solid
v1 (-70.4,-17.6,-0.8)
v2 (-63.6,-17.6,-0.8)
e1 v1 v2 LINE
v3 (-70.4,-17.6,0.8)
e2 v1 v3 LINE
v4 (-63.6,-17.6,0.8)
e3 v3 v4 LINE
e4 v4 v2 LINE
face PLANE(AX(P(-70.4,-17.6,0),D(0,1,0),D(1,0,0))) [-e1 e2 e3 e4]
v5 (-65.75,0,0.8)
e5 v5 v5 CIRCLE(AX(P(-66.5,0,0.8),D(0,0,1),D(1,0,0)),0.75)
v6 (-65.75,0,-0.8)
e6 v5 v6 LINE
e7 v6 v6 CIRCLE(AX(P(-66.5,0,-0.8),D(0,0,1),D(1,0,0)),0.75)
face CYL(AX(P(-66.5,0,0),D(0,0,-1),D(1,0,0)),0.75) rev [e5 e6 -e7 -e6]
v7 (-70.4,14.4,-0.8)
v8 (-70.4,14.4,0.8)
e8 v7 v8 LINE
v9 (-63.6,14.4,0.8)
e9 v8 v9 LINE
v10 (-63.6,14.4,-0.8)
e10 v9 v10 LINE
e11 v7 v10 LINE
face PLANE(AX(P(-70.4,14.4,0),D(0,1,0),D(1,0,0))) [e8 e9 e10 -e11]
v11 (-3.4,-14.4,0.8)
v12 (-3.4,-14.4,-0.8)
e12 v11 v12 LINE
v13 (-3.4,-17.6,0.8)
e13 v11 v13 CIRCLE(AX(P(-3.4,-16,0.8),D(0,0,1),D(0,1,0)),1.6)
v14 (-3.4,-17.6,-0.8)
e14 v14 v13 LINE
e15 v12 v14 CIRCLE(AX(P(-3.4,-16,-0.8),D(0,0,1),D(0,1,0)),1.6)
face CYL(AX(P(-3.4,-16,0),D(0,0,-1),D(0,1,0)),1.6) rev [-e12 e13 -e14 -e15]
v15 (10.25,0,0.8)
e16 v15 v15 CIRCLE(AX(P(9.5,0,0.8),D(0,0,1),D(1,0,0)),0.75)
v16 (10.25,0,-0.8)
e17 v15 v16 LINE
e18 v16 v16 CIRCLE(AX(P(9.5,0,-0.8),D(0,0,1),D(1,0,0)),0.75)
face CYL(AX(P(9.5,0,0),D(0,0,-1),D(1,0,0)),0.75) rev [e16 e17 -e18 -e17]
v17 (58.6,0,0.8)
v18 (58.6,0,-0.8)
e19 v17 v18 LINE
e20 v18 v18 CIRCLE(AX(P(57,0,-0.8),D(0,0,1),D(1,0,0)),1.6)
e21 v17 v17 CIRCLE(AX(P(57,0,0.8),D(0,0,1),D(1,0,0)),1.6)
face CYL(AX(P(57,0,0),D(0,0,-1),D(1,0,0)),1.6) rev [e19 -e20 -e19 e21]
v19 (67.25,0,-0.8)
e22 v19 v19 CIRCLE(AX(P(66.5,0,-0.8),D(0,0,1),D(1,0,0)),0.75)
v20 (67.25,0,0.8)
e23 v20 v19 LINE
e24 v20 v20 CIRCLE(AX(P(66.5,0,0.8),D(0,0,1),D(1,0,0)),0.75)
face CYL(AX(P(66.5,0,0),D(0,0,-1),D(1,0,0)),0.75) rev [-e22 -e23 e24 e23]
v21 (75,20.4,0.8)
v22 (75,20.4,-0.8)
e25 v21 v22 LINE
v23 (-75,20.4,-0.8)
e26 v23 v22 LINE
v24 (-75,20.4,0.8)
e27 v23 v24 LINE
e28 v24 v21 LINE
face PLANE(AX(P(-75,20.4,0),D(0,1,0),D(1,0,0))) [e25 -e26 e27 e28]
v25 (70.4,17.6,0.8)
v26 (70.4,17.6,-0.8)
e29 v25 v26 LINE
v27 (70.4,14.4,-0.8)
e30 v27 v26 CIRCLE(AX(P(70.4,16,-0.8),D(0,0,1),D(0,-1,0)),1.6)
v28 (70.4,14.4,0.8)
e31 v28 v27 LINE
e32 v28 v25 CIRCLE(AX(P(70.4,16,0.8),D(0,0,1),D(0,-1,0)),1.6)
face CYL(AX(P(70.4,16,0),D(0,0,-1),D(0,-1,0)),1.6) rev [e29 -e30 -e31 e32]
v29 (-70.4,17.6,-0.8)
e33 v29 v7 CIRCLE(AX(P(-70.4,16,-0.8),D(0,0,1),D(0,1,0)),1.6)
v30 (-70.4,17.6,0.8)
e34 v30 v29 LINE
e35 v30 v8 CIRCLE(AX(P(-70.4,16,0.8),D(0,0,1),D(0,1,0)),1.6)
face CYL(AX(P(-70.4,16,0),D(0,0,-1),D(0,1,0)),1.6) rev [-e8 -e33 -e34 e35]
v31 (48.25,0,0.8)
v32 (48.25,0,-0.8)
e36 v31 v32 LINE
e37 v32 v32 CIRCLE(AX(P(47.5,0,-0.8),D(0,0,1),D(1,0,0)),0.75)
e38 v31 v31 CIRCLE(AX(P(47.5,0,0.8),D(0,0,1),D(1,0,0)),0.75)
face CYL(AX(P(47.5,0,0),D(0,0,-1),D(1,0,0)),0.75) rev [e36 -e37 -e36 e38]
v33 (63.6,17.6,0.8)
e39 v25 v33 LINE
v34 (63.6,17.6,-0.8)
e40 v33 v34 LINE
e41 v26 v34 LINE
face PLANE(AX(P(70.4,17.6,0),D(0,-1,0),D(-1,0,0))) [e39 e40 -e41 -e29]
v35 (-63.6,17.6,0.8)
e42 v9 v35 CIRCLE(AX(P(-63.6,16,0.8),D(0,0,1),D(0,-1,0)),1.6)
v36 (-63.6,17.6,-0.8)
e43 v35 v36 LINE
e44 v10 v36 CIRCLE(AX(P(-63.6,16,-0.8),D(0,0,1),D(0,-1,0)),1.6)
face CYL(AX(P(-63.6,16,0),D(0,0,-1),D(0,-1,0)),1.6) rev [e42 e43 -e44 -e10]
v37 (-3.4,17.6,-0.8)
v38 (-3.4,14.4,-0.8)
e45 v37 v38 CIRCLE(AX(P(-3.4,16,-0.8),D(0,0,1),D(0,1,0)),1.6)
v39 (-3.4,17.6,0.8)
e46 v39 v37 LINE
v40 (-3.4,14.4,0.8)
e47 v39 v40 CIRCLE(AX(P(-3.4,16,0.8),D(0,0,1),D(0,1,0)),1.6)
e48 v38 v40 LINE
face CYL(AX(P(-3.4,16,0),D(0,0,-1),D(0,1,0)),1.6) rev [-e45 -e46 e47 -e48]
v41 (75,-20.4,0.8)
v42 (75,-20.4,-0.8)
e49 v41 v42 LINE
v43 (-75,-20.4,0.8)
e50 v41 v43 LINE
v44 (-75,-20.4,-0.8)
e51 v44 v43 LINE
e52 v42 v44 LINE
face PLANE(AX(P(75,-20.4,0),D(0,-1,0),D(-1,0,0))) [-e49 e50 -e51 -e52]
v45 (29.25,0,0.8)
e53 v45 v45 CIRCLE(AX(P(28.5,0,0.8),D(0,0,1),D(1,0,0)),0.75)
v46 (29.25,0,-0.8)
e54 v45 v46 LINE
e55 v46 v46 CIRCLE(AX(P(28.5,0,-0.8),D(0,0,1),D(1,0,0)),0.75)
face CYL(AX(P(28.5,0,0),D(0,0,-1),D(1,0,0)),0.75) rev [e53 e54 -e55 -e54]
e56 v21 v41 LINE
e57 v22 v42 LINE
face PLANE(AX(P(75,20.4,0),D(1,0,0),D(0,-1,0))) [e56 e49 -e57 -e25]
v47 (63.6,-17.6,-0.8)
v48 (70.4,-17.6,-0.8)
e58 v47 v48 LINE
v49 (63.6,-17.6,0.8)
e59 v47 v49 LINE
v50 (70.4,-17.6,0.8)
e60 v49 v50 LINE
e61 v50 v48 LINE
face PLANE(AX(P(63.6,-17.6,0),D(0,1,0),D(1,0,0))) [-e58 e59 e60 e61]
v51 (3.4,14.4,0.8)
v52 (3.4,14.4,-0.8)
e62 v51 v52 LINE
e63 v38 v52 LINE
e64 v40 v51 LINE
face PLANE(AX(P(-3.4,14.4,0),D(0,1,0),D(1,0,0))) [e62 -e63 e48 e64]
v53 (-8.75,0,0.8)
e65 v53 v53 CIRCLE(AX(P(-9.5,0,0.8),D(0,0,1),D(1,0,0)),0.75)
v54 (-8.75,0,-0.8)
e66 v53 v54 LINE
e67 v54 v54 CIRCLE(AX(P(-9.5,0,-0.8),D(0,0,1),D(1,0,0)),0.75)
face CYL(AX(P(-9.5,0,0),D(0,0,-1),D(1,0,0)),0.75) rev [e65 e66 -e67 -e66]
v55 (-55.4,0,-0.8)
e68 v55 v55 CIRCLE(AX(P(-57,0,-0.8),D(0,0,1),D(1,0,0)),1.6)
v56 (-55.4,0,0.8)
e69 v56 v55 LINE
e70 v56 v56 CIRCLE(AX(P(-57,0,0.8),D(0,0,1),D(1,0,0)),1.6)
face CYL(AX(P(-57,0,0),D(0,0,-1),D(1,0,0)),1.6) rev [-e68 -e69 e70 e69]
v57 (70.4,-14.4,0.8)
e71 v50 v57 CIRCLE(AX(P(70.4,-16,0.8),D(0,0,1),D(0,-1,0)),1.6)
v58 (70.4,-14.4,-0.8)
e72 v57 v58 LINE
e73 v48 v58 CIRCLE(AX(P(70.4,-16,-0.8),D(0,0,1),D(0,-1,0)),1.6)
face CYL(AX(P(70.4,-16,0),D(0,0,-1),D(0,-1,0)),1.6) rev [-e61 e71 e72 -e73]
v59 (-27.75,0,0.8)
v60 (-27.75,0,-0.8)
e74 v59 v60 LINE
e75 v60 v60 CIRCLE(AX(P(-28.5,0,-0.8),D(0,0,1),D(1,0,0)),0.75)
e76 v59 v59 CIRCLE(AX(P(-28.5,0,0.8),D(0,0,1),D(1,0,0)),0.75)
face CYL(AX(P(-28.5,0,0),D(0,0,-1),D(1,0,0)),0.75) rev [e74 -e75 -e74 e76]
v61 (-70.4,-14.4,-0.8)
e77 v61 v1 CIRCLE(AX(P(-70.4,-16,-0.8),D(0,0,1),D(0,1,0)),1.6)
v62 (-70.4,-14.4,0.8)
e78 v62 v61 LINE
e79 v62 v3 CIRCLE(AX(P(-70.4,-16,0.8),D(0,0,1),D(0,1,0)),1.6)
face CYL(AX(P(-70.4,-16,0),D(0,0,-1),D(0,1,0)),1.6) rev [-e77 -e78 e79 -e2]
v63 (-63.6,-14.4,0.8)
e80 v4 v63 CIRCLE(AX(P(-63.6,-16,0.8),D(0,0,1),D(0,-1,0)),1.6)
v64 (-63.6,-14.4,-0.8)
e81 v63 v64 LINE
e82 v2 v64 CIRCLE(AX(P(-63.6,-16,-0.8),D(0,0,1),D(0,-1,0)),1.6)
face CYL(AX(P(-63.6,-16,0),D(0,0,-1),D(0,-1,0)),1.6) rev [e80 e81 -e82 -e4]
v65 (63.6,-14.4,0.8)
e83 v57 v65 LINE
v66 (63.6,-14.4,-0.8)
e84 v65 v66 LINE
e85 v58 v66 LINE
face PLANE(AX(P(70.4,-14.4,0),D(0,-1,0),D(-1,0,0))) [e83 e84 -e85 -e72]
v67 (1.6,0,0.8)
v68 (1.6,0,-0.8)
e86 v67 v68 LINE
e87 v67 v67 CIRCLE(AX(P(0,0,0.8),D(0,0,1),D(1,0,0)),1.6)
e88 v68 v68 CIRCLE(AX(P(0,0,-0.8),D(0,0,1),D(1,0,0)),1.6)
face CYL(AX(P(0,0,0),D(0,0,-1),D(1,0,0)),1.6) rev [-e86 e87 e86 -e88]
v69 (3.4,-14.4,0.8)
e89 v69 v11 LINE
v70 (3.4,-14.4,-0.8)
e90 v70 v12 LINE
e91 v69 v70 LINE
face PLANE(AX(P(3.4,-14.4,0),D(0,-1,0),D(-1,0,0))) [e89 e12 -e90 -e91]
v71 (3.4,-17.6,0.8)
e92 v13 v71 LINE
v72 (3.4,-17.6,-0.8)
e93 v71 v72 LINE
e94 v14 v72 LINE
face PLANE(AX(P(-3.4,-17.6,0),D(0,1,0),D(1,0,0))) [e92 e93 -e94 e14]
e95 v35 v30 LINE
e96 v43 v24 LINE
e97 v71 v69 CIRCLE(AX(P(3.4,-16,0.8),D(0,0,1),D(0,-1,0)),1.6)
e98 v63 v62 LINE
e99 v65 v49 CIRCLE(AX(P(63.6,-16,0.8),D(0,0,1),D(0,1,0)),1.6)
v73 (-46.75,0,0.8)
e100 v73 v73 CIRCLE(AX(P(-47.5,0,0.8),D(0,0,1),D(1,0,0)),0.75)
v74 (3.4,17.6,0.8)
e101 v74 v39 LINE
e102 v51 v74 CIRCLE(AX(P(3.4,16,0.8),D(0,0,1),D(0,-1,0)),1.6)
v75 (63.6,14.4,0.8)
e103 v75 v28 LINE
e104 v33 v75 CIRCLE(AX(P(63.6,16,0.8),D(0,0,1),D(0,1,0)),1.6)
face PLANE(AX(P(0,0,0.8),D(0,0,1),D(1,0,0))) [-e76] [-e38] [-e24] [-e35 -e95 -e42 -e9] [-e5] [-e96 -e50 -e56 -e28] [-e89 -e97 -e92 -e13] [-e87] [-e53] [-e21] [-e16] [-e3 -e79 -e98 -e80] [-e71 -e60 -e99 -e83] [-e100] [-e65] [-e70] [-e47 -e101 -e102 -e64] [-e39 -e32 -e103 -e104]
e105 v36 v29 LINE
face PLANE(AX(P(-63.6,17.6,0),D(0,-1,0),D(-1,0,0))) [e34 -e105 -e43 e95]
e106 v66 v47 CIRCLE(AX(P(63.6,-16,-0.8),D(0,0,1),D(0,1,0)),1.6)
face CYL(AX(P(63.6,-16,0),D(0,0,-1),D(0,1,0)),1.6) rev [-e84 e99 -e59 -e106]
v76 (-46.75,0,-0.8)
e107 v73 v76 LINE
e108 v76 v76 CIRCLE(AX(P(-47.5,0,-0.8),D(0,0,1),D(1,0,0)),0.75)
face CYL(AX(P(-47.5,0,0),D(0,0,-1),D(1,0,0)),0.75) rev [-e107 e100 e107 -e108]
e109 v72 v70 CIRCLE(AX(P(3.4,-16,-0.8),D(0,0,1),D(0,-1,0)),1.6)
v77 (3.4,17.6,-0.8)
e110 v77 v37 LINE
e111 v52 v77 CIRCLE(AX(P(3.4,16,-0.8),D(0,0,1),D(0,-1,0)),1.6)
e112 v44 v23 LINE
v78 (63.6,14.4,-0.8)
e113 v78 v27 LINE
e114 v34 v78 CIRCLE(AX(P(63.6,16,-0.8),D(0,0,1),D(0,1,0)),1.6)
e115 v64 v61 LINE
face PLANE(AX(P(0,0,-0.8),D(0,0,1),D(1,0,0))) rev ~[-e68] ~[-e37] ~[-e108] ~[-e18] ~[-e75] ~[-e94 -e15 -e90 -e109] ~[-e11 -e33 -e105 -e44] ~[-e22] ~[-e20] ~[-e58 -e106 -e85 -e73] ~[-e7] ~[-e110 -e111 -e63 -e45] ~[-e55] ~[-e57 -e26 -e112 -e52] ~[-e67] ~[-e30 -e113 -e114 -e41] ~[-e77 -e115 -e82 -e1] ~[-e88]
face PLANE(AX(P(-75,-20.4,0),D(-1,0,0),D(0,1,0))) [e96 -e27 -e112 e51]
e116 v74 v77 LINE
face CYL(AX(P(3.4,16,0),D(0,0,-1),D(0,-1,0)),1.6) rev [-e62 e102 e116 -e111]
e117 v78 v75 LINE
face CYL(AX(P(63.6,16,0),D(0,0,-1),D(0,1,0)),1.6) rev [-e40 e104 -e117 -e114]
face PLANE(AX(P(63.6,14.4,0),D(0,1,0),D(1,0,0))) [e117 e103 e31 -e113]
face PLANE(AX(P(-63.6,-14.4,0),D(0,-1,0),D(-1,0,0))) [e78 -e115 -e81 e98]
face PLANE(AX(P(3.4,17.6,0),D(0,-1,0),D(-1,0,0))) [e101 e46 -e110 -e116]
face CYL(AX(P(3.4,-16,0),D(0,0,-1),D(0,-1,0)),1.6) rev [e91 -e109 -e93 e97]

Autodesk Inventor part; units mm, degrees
ref_plane "YZ Plane" through (0, 0, 0) normal (1, 0, 0) x (0, 1, 0)
ref_plane "XZ Plane" through (0, 0, 0) normal (0, 1, 0) x (-1, 0, 0)
ref_plane "XY Plane" through (0, 0, 0) normal (0, 0, 1) x (1, 0, 0)
sketch "Sketch1" plane through (0, 0, 0) normal (0, 0, 1) x (1, 0, 0)
  line L0 (-75, 20.4) -> (75, 20.4)
  line L1 (75, 20.4) -> (75, -20.4)
  line L2 (75, -20.4) -> (-75, -20.4)
  line L3 (-75, -20.4) -> (-75, 20.4)
  circle A0 centre (-57, 0) radius 1.6
  circle A1 centre (0, 0) radius 1.6
  circle A2 centre (57, 0) radius 1.6
  line L4 (-70.4, 16) -> (-63.6, 16) construction
  line L5 (-70.4, 14.4) -> (-63.6, 14.4)
  line L6 (-63.6, 17.6) -> (-70.4, 17.6)
  arc A3 (-70.4, 17.6) -> (-70.4, 14.4) centre (-70.4, 16) ccw
  arc A4 (-63.6, 14.4) -> (-63.6, 17.6) centre (-63.6, 16) ccw
  line L7 (-3.4, 16) -> (3.4, 16) construction
  line L8 (-3.4, 14.4) -> (3.4, 14.4)
  line L9 (3.4, 17.6) -> (-3.4, 17.6)
  arc A5 (-3.4, 17.6) -> (-3.4, 14.4) centre (-3.4, 16) ccw
  arc A6 (3.4, 14.4) -> (3.4, 17.6) centre (3.4, 16) ccw
  line L10 (-70.4, -16) -> (-63.6, -16) construction
  line L11 (-70.4, -17.6) -> (-63.6, -17.6)
  line L12 (-63.6, -14.4) -> (-70.4, -14.4)
  arc A7 (-70.4, -14.4) -> (-70.4, -17.6) centre (-70.4, -16) ccw
  arc A8 (-63.6, -17.6) -> (-63.6, -14.4) centre (-63.6, -16) ccw
  line L13 (-3.4, -16) -> (3.4, -16) construction
  line L14 (-3.4, -17.6) -> (3.4, -17.6)
  line L15 (3.4, -14.4) -> (-3.4, -14.4)
  arc A9 (-3.4, -14.4) -> (-3.4, -17.6) centre (-3.4, -16) ccw
  arc A10 (3.4, -17.6) -> (3.4, -14.4) centre (3.4, -16) ccw
  line L16 (63.6, 16) -> (70.4, 16) construction
  line L17 (63.6, 14.4) -> (70.4, 14.4)
  line L18 (70.4, 17.6) -> (63.6, 17.6)
  arc A11 (63.6, 17.6) -> (63.6, 14.4) centre (63.6, 16) ccw
  arc A12 (70.4, 14.4) -> (70.4, 17.6) centre (70.4, 16) ccw
  line L19 (63.6, -16) -> (70.4, -16) construction
  line L20 (63.6, -17.6) -> (70.4, -17.6)
  line L21 (70.4, -14.4) -> (63.6, -14.4)
  arc A13 (63.6, -14.4) -> (63.6, -17.6) centre (63.6, -16) ccw
  arc A14 (70.4, -17.6) -> (70.4, -14.4) centre (70.4, -16) ccw
  line L22 (67, 16) -> (67, -16) construction
  circle A15 centre (-66.5, 0) radius 0.75
  circle A16 centre (-47.5, 0) radius 0.75
  circle A17 centre (-28.5, 0) radius 0.75
  circle A18 centre (-9.5, 0) radius 0.75
  circle A19 centre (9.5, 0) radius 0.75
  circle A20 centre (28.5, 0) radius 0.75
  circle A21 centre (47.5, 0) radius 0.75
  circle A22 centre (66.5, 0) radius 0.75
  line L23 (-9.5, 0) -> (9.5, 0) construction
  point P0 (-75, 0)
  point P1 (0, 20.4)
  point P2 (-67, 16)
  point P3 (0, 16)
  point P4 (-67, -16)
  point P5 (0, -16)
  point P6 (67, 0)
  dimension "d0" = 150
  dimension "d1" = 40.8
  dimension "d2" = 3.2
  dimension "d3" = 57
  dimension "d4" = 57
  dimension "d5" = 6.8
  dimension "d6" = 3.2
  dimension "d7" = 6.8
  dimension "d8" = 3.2
  dimension "d9" = 6.8
  dimension "d10" = 3.2
  dimension "d11" = 6.8
  dimension "d12" = 3.2
  dimension "d13" = 6.8
  dimension "d14" = 3.2
  dimension "d15" = 6.8
  dimension "d16" = 3.2
  dimension "d17" = 4.6
  dimension "d18" = 32
  dimension "d19" = 67
  dimension "d20" = 1.5
  dimension "d21" = 1.5
  dimension "d22" = 1.5
  dimension "d23" = 1.5
  dimension "d24" = 1.5
  dimension "d25" = 1.5
  dimension "d26" = 1.5
  dimension "d27" = 1.5
  dimension "d28" = 19
  dimension "d29" = 19
  dimension "d30" = 19
  dimension "d31" = 19
  dimension "d32" = 19
  dimension "d33" = 19
  dimension "d34" = 19
extrude "Cuerpo IC SiPM" add sketch "Sketch1" along normal mid plane 1.6
equation "\"d4\" = d3"
equation "\"d29\" = d28"
equation "\"d30\" = d28"
equation "\"d31\" = d28"
equation "\"d32\" = d28"
equation "\"d33\" = d28"
equation "\"d34\" = d28"
properties part number "PCB SiPM 8CH larga" material "Phenolic Resin"
